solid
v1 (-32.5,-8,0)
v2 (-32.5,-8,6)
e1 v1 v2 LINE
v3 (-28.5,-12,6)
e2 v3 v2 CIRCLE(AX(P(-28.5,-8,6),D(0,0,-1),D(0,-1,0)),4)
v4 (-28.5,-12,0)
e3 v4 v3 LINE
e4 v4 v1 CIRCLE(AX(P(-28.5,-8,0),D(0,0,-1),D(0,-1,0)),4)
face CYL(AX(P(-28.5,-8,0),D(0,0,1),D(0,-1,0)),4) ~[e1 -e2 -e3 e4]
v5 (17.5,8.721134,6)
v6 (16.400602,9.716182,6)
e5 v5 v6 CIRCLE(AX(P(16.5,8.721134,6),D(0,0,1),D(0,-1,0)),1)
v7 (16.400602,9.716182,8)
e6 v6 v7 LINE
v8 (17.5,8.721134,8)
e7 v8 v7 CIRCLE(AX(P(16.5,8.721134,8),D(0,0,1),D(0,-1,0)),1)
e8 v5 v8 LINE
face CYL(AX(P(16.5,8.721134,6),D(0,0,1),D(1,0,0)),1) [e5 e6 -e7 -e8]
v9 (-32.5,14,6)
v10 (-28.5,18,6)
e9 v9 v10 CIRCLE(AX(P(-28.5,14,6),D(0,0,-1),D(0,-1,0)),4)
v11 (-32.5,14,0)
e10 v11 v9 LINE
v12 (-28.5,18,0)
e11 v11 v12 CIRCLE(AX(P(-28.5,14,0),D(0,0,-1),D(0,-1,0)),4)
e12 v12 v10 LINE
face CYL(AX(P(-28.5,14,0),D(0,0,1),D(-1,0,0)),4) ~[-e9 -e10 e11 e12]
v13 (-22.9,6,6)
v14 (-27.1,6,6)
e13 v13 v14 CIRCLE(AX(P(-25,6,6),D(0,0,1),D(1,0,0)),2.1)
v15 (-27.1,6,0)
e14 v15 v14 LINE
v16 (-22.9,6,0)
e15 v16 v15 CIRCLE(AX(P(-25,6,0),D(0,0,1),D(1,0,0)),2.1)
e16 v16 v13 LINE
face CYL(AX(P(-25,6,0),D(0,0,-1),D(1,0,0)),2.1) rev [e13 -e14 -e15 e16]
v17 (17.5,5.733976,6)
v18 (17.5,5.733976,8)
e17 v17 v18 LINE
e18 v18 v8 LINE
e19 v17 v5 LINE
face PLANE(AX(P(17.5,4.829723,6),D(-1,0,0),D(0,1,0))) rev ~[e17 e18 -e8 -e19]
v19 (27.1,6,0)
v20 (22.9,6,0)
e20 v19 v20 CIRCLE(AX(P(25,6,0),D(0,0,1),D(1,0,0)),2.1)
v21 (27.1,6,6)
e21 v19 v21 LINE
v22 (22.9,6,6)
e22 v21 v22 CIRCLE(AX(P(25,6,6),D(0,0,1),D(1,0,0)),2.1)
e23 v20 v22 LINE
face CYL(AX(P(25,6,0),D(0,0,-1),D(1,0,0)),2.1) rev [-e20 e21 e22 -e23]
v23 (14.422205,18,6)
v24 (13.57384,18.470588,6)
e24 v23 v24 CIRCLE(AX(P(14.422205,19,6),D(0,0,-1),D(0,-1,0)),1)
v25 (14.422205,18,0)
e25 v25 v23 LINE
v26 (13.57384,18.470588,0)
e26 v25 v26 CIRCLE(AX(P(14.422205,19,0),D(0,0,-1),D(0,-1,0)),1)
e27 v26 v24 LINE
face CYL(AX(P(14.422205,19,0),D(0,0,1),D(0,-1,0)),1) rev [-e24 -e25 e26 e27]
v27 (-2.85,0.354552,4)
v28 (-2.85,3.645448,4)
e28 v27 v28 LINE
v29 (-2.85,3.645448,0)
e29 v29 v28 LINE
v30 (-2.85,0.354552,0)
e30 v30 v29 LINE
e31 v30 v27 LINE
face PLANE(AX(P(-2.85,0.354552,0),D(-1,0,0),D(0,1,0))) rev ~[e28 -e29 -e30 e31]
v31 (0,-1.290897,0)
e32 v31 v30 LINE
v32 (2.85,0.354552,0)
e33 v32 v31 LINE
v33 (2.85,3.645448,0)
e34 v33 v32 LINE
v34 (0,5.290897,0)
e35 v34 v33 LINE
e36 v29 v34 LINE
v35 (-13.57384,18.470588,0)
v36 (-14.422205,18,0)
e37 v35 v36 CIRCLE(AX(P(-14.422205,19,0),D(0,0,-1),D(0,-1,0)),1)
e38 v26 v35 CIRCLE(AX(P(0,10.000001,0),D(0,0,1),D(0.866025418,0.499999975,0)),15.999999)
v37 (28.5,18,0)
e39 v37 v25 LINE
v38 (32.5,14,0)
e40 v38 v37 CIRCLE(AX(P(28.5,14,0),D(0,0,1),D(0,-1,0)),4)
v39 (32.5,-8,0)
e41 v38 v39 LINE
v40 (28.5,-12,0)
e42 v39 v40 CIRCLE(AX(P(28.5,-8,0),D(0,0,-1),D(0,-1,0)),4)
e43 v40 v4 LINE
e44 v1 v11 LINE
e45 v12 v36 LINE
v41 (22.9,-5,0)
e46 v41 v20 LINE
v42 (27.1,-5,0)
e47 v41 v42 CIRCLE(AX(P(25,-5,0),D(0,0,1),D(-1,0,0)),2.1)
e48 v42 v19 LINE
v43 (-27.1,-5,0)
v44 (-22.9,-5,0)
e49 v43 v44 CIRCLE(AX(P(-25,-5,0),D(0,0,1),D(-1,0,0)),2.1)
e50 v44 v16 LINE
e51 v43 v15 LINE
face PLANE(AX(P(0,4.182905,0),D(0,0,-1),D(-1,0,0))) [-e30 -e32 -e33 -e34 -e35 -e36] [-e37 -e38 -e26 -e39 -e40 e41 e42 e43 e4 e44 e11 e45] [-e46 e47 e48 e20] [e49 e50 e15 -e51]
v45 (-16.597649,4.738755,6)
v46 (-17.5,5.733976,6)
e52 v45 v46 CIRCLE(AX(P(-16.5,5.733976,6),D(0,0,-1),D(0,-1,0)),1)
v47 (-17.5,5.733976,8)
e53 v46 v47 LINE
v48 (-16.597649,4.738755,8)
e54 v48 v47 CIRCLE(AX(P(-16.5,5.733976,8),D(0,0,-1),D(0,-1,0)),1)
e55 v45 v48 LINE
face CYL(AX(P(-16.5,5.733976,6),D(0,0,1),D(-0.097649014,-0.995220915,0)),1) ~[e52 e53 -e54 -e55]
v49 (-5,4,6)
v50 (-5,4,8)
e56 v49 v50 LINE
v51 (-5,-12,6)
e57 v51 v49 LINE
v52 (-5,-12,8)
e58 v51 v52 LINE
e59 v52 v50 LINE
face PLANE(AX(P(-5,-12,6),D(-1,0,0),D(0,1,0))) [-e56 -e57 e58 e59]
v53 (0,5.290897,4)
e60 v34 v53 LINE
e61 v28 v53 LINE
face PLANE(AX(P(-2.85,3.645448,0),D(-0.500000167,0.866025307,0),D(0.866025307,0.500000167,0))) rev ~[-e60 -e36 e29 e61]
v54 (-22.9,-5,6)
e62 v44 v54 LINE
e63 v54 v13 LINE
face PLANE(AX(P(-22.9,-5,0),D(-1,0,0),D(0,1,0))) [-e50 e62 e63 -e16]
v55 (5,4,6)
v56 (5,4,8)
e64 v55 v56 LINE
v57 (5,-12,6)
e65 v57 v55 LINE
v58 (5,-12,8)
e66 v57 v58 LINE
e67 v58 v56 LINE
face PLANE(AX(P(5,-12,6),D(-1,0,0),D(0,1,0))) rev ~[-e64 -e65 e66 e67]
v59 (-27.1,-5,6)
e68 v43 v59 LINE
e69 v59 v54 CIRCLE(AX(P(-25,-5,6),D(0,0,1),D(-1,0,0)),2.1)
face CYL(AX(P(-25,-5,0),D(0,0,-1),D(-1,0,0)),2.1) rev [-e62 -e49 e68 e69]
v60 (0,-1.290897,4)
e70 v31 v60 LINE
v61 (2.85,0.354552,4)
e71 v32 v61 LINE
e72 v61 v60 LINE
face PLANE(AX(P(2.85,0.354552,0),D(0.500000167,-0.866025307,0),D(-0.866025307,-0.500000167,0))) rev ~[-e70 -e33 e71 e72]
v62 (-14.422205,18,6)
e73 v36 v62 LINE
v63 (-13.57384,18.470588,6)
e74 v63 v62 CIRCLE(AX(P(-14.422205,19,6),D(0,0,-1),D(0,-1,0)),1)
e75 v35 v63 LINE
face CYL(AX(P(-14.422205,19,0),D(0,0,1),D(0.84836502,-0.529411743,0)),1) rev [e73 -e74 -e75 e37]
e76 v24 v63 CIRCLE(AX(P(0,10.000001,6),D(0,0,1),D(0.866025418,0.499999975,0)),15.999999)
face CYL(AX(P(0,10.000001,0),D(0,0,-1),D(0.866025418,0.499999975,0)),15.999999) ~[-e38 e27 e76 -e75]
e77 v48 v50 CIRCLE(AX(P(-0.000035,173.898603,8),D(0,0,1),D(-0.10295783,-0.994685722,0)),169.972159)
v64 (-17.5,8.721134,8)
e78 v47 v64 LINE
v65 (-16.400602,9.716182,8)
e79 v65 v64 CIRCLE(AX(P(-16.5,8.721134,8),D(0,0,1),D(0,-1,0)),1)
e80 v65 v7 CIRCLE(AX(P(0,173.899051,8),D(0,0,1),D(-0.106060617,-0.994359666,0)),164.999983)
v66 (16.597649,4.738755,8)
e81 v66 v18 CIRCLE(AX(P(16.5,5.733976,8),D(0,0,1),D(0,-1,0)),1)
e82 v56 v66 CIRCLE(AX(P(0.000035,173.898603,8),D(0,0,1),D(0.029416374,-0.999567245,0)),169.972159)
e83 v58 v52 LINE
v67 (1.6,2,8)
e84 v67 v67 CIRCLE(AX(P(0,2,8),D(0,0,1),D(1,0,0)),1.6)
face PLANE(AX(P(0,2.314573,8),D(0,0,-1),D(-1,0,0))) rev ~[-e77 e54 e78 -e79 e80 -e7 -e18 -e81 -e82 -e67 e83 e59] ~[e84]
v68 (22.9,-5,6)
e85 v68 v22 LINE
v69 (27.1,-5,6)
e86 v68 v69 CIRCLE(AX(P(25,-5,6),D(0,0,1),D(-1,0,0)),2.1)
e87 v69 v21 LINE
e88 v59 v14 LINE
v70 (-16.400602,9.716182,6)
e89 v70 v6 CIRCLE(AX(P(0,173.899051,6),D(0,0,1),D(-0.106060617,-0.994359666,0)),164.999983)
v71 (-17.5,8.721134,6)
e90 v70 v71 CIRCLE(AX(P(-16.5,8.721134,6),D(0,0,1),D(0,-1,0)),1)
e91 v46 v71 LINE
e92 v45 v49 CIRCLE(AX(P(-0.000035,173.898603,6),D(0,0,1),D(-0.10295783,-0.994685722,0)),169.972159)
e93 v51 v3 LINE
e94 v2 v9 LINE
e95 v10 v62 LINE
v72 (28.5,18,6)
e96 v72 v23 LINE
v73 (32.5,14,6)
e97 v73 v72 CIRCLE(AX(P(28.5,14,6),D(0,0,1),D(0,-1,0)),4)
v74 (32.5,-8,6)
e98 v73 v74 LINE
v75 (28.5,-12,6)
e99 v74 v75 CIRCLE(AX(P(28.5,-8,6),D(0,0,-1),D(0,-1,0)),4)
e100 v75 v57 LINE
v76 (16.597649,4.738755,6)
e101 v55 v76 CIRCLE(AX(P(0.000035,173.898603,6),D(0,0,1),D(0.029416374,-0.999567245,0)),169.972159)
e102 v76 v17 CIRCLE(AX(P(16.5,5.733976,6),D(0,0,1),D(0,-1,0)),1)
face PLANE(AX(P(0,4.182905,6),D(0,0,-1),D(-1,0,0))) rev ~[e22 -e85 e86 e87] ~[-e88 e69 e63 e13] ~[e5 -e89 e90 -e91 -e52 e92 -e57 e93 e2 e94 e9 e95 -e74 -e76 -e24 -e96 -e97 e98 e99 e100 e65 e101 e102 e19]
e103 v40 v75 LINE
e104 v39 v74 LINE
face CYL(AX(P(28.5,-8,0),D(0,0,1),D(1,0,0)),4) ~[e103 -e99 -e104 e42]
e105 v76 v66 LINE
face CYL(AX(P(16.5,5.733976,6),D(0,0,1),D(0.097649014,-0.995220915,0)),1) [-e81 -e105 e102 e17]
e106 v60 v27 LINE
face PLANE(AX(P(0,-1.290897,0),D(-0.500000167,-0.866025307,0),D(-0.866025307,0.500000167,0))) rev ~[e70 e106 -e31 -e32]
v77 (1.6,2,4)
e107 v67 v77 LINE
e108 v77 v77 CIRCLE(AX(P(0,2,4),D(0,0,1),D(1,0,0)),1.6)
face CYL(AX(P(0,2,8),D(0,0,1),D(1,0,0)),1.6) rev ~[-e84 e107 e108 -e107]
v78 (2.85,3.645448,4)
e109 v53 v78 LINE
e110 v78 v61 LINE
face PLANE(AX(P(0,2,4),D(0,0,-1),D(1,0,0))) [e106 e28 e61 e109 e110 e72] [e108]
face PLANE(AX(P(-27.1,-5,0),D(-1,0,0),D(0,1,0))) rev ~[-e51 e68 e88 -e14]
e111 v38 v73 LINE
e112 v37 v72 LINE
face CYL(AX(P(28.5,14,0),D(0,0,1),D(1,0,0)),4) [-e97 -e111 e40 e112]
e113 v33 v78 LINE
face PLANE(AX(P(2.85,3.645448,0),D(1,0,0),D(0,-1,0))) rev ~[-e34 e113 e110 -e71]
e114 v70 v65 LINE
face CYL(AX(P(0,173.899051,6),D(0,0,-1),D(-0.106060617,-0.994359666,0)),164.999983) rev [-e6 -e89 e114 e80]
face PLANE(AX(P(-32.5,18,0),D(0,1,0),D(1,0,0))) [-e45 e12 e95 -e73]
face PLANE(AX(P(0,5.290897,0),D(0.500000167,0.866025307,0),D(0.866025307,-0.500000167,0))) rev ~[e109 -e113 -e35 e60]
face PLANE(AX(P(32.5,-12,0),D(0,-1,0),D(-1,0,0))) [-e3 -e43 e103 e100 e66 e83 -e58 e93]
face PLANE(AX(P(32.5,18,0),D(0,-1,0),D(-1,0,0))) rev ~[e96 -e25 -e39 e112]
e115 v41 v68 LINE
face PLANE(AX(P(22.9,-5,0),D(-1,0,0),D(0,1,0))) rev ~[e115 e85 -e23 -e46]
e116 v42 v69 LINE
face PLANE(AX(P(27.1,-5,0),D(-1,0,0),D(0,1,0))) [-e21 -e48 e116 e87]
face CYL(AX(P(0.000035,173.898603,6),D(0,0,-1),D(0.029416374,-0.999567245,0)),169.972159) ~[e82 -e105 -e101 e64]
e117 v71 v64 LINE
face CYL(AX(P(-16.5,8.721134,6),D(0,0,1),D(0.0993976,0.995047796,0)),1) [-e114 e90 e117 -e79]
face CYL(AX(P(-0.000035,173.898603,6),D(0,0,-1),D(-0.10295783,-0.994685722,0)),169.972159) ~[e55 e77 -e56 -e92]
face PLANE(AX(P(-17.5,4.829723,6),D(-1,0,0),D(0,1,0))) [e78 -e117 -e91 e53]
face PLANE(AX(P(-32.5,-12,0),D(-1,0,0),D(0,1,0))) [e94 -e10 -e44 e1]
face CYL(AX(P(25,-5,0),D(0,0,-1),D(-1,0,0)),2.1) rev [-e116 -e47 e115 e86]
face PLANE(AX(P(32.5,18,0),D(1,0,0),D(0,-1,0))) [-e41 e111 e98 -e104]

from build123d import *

# Parameters (mm, degrees)
PAD_DEPTH       = 6
PAD001_DEPTH    = 2
SKETCH002_R     = 1.6
POCKET_DEPTH    = 8.001
POCKET001_DEPTH = 4
FILLET_R        = 4
FILLET001_R     = 1


with BuildPart() as part:
    # Sketch → Pad (new body)
    with BuildSketch(Plane.XY):
        with BuildLine():
            Line((32.5, 18), (32.5, -12))
            Line((32.5, -12), (-32.5, -12))
            Line((-32.5, -12), (-32.5, 18))
            Line((-32.5, 18), (-13.856406, 18))
            ThreePointArc((13.856406, 18), (0, 26), (-13.856406, 18))
            Line((32.5, 18), (13.856406, 18))
        make_face()
        with BuildLine():
            ThreePointArc((22.9, -5), (25, -7.1), (27.1, -5))
            Line((27.1, -5), (27.1, 6))
            ThreePointArc((27.1, 6), (25, 8.1), (22.9, 6))
            Line((22.9, -5), (22.9, 6))
        make_face(mode=Mode.SUBTRACT)
        with BuildLine():
            ThreePointArc((-27.1, -5), (-25, -7.1), (-22.9, -5))
            Line((-22.9, -5), (-22.9, 6))
            ThreePointArc((-22.9, 6), (-25, 8.1), (-27.1, 6))
            Line((-27.1, -5), (-27.1, 6))
        make_face(mode=Mode.SUBTRACT)
    extrude(amount=PAD_DEPTH)

    # Sketch001 → Pad001 (new body)
    with BuildSketch(Plane.XY.offset(6)):
        with BuildLine():
            Line((5, -12), (-5, -12))
            Line((-5, -12), (-5, 4))
            ThreePointArc((-17.5, 4.829723), (-11.257647, 4.299661), (-5, 4))
            Line((-17.5, 4.829723), (-17.5, 9.829723))
            ThreePointArc((-17.5, 9.829723), (0, 8.899068), (17.5, 9.829723))
            Line((17.5, 4.829723), (17.5, 9.829723))
            ThreePointArc((5, 4), (11.257647, 4.299661), (17.5, 4.829723))
            Line((5, -12), (5, 4))
        make_face()
    extrude(amount=PAD001_DEPTH)

    # Sketch002 → Pocket (cut, through all)
    with BuildSketch(Plane.XY.offset(8)):
        with Locations((0, 2)):
            Circle(SKETCH002_R)
    extrude(amount=-POCKET_DEPTH, mode=Mode.SUBTRACT)

    # Sketch003 → Pocket001 (cut)
    with BuildSketch(Plane(origin=(0, 0, 0), x_dir=(1, 0, 0), z_dir=(0, 0, -1))):
        Polygon((2.85, -3.645448), (2.85, -0.354552), (0, 1.290897), (-2.85, -0.354552), (-2.85, -3.645448), (0, -5.290897), align=None)
    extrude(amount=-POCKET001_DEPTH, mode=Mode.SUBTRACT)

    # Fillet
    fillet_edges = [part.edges().sort_by_distance(p)[0] for p in [
        (32.5, 18, 3),
        (32.5, -12, 3),
        (-32.5, 18, 3),
        (-32.5, -12, 3),
    ]]
    fillet(fillet_edges, radius=FILLET_R)

    # Fillet001
    fillet001_edges = [part.edges().sort_by_distance(p)[0] for p in [
        (17.5, 9.829723, 7),
        (17.5, 4.829723, 7),
        (-17.5, 9.829723, 7),
        (-17.5, 4.829723, 7),
        (-13.856406, 18, 3),
        (13.856406, 18, 3),
    ]]
    fillet(fillet001_edges, radius=FILLET001_R)


solid = part.part
